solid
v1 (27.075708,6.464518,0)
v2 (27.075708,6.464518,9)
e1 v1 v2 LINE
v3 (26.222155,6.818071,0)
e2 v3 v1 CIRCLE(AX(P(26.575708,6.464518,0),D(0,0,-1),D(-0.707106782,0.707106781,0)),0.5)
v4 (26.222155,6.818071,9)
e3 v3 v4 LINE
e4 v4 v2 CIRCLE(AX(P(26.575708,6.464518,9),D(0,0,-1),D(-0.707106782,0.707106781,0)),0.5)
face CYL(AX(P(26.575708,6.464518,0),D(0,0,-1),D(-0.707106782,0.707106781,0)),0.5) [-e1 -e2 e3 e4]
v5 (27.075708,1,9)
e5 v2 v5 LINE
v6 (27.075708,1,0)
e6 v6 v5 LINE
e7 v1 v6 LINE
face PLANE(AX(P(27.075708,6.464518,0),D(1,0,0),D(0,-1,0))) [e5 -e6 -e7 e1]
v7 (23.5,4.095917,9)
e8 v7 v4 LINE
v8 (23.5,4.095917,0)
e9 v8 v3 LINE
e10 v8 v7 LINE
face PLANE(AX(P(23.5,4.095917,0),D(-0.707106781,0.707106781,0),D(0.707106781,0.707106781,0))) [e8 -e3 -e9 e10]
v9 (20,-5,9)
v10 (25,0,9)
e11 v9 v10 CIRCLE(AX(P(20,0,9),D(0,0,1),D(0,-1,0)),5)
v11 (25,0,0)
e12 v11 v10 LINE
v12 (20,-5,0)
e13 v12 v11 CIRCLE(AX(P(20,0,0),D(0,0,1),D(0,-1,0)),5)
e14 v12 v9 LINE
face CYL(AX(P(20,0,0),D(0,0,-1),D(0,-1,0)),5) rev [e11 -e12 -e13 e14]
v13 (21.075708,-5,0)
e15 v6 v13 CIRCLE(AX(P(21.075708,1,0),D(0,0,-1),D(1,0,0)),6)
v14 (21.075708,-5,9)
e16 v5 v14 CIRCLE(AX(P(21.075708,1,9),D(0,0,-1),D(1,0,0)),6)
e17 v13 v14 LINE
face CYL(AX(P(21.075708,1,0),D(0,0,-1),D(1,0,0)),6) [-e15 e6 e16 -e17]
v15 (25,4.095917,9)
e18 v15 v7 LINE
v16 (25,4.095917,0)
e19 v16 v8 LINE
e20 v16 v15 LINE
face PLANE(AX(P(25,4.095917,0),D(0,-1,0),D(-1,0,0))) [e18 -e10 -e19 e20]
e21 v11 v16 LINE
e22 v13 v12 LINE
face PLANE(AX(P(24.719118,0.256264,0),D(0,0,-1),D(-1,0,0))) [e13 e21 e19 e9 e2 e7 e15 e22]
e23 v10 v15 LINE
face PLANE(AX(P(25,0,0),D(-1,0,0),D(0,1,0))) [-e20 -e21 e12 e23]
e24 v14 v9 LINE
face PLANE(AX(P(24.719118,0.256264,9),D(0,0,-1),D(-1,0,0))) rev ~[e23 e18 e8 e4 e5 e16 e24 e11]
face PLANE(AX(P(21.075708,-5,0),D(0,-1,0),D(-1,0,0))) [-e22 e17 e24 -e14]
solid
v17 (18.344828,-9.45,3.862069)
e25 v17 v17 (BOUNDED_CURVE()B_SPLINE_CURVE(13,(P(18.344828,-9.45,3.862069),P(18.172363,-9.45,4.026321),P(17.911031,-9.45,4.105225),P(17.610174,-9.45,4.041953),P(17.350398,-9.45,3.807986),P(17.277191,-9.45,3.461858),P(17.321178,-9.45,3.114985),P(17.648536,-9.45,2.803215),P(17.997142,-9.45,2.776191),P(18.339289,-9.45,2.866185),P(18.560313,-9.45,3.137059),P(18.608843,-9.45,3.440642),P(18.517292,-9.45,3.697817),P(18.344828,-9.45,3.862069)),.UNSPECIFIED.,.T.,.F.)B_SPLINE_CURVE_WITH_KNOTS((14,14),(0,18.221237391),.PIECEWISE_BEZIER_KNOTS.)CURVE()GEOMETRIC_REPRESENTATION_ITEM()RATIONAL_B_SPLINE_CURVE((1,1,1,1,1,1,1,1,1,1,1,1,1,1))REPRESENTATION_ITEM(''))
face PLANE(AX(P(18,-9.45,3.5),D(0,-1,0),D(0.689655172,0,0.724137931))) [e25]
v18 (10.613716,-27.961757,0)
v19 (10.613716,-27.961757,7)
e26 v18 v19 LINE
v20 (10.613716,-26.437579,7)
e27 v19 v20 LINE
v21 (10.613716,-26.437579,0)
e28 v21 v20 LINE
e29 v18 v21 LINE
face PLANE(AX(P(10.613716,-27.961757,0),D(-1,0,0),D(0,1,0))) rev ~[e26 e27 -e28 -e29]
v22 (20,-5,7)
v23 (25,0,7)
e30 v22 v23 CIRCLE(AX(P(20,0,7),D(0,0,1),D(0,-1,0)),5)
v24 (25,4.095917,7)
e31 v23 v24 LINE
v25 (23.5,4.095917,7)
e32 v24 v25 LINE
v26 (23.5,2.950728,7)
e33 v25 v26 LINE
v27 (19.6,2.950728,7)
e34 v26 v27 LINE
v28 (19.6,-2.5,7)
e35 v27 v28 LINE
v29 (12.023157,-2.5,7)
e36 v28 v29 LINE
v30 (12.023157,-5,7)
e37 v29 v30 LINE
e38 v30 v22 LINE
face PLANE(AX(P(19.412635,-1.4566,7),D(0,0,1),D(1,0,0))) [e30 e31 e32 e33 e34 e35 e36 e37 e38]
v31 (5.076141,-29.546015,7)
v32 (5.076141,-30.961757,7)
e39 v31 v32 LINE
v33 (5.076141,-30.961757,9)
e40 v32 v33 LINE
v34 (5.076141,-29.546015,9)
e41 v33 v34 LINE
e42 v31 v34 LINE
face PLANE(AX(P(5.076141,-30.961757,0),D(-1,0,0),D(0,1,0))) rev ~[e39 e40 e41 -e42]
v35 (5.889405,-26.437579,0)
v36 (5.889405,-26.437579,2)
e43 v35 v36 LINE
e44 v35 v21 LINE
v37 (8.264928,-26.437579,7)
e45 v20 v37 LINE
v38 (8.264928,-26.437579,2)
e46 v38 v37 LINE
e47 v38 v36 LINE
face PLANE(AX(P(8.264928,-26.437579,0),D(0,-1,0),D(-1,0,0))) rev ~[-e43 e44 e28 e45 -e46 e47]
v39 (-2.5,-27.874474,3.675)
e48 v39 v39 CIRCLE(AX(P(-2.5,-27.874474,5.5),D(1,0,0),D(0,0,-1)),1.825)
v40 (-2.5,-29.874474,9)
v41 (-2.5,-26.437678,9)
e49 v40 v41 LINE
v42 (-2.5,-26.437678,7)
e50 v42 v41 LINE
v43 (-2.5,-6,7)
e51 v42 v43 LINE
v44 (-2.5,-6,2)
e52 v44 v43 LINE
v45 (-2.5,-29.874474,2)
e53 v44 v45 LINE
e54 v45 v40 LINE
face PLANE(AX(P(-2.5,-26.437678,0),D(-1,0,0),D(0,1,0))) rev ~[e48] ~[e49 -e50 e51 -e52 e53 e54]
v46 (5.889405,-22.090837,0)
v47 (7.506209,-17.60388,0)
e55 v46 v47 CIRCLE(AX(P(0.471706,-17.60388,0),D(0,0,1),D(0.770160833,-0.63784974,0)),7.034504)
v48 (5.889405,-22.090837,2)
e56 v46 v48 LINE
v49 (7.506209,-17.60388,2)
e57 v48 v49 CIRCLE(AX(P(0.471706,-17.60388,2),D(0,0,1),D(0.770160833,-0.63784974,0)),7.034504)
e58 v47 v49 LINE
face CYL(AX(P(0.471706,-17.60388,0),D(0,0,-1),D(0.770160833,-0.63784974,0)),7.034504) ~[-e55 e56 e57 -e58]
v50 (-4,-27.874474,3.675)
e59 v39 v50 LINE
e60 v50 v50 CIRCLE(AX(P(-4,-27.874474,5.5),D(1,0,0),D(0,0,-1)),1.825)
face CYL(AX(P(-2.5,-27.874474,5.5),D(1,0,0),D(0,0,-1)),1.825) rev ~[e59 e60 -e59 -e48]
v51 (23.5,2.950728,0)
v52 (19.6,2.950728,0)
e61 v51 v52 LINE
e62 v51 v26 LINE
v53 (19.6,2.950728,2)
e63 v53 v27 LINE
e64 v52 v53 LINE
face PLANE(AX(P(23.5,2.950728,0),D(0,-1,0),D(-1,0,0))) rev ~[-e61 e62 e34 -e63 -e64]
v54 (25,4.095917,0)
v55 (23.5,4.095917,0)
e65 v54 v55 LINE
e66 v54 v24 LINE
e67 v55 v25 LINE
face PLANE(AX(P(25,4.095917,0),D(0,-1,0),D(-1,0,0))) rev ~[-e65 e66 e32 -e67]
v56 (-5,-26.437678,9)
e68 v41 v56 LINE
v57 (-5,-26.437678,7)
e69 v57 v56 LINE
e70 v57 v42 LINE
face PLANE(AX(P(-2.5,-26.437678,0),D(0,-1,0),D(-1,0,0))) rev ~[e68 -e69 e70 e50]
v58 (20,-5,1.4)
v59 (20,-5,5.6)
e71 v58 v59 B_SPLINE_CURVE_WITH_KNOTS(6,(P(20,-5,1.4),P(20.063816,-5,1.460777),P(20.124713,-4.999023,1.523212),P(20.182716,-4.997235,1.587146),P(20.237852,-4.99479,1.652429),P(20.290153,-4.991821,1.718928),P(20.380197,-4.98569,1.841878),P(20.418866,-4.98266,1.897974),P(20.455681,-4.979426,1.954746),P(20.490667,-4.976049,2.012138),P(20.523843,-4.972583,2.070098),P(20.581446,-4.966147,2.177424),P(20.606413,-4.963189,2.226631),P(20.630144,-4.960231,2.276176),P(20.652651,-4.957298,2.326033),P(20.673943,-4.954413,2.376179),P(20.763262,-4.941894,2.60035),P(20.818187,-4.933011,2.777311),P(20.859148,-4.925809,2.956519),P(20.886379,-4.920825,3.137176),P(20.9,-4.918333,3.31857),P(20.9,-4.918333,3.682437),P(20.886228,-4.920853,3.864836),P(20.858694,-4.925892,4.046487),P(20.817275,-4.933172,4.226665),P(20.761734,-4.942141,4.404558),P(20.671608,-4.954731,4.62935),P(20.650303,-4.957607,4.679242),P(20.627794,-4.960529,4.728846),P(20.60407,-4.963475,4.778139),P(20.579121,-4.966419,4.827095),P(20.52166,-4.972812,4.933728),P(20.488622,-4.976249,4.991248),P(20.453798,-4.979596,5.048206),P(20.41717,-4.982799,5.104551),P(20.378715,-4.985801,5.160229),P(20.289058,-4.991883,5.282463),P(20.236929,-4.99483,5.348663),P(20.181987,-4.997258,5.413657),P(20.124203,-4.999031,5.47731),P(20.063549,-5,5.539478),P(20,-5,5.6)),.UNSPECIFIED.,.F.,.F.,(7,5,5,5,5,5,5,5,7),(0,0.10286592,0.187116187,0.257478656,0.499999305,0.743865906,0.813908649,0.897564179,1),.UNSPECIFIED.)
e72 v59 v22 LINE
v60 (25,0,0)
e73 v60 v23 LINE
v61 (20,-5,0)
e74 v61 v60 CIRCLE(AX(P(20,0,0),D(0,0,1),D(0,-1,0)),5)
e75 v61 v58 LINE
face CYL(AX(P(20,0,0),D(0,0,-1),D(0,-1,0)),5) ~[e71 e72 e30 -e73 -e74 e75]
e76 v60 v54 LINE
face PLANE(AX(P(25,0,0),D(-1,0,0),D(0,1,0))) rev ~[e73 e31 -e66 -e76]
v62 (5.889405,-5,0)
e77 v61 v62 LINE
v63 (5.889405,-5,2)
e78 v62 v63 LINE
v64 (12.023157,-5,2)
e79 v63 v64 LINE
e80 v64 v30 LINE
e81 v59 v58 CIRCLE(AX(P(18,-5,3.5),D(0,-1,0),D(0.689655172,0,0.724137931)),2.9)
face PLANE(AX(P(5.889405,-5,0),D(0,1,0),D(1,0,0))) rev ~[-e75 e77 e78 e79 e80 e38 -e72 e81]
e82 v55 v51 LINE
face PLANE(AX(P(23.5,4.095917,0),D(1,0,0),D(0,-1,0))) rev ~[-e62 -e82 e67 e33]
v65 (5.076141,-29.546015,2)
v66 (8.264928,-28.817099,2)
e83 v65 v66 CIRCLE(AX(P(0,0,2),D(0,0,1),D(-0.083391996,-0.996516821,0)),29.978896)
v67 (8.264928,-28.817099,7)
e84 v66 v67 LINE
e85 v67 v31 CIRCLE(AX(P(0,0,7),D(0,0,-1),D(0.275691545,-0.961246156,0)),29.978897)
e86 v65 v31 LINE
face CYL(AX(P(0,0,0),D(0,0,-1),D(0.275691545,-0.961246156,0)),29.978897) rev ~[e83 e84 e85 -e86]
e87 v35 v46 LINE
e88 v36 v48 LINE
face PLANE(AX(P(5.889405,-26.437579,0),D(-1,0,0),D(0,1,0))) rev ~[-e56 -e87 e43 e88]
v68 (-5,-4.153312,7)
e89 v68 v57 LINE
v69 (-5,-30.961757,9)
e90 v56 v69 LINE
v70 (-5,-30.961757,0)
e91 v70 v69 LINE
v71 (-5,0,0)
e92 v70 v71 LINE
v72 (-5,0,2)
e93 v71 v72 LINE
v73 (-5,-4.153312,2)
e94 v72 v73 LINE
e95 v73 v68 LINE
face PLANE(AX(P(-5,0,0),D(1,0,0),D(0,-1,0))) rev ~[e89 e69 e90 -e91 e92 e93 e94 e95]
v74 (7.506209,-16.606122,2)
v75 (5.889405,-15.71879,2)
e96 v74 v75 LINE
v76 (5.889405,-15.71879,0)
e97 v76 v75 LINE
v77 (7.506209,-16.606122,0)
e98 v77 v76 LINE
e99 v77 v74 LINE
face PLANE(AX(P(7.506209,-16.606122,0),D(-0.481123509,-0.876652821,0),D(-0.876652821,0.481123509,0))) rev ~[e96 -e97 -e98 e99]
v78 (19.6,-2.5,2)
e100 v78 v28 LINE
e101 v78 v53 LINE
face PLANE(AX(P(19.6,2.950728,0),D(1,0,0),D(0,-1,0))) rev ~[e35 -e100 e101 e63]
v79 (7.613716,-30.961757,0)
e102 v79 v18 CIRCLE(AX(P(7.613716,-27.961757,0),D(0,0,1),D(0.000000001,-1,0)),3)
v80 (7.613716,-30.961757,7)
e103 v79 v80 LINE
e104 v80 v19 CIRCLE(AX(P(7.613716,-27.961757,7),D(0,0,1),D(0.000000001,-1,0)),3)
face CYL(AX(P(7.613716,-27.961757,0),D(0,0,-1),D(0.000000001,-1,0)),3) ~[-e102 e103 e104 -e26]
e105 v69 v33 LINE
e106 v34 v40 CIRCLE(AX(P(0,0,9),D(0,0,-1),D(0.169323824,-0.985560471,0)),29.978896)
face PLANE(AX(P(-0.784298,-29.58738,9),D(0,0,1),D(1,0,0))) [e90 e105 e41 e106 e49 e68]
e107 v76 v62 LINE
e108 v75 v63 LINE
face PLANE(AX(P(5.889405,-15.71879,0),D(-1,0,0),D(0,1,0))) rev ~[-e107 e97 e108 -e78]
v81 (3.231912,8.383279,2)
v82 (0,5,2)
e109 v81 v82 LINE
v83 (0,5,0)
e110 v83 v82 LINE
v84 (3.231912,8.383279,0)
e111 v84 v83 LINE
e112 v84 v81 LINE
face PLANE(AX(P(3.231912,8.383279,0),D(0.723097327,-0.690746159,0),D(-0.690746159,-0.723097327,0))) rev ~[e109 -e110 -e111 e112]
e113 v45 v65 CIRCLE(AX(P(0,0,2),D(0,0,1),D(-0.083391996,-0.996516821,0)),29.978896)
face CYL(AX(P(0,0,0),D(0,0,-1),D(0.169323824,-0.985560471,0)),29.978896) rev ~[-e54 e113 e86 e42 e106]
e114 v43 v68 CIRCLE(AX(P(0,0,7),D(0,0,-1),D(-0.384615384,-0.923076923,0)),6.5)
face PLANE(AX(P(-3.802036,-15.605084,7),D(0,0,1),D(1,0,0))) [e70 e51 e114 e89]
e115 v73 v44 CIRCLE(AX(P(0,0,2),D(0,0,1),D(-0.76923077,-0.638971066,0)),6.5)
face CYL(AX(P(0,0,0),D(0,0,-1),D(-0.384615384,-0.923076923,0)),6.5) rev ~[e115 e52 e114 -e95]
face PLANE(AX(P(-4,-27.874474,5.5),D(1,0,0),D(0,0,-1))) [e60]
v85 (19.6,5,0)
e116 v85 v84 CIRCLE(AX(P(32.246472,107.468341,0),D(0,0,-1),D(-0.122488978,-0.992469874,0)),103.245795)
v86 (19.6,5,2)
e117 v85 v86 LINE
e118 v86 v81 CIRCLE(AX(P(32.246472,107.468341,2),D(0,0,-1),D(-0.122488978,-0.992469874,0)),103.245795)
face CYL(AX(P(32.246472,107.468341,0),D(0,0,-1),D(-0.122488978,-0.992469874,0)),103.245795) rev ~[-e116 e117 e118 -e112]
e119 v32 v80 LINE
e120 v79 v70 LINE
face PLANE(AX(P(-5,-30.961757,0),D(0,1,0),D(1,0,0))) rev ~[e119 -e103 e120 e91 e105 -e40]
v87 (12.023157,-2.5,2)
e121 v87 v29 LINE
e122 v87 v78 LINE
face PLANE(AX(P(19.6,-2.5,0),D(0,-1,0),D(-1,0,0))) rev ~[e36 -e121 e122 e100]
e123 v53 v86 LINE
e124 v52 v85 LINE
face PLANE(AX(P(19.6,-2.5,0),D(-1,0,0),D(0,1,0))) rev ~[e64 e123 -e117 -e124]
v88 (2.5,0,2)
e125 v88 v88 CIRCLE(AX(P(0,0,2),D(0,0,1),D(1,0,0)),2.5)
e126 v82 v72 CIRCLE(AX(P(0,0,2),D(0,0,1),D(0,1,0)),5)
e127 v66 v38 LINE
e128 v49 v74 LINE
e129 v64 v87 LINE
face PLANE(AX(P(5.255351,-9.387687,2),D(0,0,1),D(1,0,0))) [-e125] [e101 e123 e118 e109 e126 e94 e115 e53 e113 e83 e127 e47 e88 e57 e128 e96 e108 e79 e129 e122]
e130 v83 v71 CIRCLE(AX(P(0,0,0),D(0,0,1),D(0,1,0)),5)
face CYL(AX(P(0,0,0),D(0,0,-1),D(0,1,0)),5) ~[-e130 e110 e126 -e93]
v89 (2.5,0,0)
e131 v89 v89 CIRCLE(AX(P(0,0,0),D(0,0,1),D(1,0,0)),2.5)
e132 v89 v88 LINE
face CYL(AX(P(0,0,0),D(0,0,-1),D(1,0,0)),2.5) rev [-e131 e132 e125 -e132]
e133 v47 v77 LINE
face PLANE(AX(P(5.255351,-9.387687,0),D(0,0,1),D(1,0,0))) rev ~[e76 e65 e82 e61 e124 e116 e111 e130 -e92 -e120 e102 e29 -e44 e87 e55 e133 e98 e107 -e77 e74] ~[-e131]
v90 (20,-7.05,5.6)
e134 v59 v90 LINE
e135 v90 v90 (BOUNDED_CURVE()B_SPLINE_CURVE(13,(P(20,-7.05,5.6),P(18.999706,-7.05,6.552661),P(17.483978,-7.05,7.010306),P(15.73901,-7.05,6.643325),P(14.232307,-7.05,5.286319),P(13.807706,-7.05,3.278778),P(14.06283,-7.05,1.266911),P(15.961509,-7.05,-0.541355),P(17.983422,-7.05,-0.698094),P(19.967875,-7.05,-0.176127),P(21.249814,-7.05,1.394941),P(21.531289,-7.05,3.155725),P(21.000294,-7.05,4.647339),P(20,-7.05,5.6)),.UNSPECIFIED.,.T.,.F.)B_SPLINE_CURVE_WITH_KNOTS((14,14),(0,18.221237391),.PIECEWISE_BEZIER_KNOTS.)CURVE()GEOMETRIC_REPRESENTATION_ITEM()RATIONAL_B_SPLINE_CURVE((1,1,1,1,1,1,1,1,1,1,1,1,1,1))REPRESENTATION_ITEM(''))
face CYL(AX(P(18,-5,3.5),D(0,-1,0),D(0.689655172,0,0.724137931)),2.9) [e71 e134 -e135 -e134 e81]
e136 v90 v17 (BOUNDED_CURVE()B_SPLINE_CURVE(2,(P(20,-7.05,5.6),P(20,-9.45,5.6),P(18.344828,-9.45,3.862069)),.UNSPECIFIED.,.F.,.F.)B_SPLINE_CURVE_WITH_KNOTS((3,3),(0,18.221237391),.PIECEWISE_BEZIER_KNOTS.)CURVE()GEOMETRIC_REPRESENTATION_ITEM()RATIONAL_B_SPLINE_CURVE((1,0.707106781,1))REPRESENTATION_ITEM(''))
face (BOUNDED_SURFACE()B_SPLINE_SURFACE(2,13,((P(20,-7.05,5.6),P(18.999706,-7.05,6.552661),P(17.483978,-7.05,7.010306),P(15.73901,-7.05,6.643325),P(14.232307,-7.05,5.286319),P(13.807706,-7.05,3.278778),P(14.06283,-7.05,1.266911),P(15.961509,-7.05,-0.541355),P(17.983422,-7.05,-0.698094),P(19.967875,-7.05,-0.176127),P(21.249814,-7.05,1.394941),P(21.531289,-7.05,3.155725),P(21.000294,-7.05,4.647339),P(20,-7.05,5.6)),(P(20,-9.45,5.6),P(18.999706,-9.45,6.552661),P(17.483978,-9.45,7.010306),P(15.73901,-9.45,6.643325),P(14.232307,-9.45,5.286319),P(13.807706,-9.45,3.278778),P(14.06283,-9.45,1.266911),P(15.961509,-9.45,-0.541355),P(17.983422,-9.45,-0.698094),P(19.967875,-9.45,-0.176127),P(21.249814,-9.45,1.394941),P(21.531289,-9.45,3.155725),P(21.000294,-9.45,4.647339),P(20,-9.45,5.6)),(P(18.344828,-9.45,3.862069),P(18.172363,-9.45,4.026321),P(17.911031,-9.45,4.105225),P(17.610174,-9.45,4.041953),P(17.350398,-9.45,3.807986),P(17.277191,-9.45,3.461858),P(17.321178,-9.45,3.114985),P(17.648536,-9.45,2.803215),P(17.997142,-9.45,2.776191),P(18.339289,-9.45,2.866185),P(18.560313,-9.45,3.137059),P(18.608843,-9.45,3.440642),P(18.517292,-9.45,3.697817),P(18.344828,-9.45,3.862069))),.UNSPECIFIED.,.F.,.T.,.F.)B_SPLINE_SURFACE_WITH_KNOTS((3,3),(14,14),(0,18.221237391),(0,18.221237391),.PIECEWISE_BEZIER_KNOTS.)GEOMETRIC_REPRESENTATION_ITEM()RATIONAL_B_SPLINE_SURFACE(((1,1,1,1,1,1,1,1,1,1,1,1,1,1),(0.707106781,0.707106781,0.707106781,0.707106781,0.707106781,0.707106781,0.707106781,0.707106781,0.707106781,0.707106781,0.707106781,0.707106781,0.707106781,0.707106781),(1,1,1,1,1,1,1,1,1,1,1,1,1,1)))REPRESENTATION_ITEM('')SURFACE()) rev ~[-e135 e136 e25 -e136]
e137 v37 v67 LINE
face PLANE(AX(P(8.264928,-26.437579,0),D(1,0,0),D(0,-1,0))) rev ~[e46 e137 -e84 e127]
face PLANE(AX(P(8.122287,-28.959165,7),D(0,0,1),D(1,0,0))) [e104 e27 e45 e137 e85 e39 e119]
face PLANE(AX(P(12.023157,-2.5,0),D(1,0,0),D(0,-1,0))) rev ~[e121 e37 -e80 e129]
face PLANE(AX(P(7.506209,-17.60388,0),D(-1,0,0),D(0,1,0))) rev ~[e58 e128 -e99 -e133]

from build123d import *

# Parameters (mm, degrees)
EXTRUDE_3_DEPTH     = 9
EXTRUDE_3_2_DEPTH   = 9
EXTRUDE_4_DEPTH     = 7
SKETCH_1_8_R        = 2.5
EXTRUDE_5_DEPTH     = 2
SKETCH_2_R          = 2.9
EXTRUDE_6_DEPTH     = 2.45
SKETCH_4_R          = 2.9
EXTRUDE_7_DEPTH     = 2
FILLET_2_R          = 2.4
SKETCH_5_R          = 1.825
CUT_EXTRUDE_1_DEPTH = 1.5


with BuildPart() as part:
    # 스케치1 → 보스-돌출3 (new body)
    with BuildSketch(Plane.XY):
        with BuildLine():
            Line((-2.5, -26.437677825), (-5, -26.437677825))
            Line((-5, -26.437677825), (-5, -30.96175738))
            Line((-5, -30.96175738), (5.076141326, -30.96175738))
            Line((5.076141326, -30.96175738), (5.076141326, -29.54601506))
            ThreePointArc((5.076141326, -29.54601506), (1.298498135, -29.950761581), (-2.5, -29.874474333))
            Line((-2.5, -29.874474333), (-2.5, -26.437677825))
        make_face()
    extrude(amount=EXTRUDE_3_DEPTH)

    # 스케치1<7> → 보스-돌출4 (add)
    with BuildSketch(Plane.XY):
        with BuildLine():
            Line((23.5, 2.950728465), (19.6, 2.950728465))
            Line((19.6, 2.950728465), (19.6, -2.5))
            Line((19.6, -2.5), (12.023157318, -2.5))
            Line((12.023157318, -2.5), (12.023157318, -5))
            Line((12.023157318, -5), (20, -5))
            ThreePointArc((20, -5), (23.535533906, -3.535533906), (25, 0))
            Line((25, 0), (25, 4.09591659))
            Line((25, 4.09591659), (23.5, 4.09591659))
            Line((23.5, 4.09591659), (23.5, 2.950728465))
        make_face()
        with BuildLine():
            ThreePointArc((-2.5, -6), (-3.862002616, -5.228282299), (-5, -4.153311931))
            Line((-5, -4.153311931), (-5, -26.437677825))
            Line((-5, -26.437677825), (-2.5, -26.437677825))
            Line((-2.5, -26.437677825), (-2.5, -6))
        make_face()
        with BuildLine():
            Line((5.076141326, -29.54601506), (5.076141326, -30.96175738))
            Line((5.076141326, -30.96175738), (7.613716386, -30.96175738))
            ThreePointArc((7.613716386, -30.96175738), (9.735036729, -30.083077723), (10.613716386, -27.96175738))
            Line((10.613716386, -27.96175738), (10.613716386, -26.437579436))
            Line((10.613716386, -26.437579436), (8.264928228, -26.437579436))
            Line((8.264928228, -26.437579436), (8.264928228, -28.81709871))
            ThreePointArc((8.264928228, -28.81709871), (6.680483813, -29.225080884), (5.076141326, -29.54601506))
        make_face()
    extrude(amount=EXTRUDE_4_DEPTH)


with BuildPart() as body_2:
    # 스케치1 → Extrude 3 2 (new body)
    with BuildSketch(Plane.XY):
        with BuildLine():
            Line((26.22215467, 6.81807126), (23.5, 4.09591659))
            Line((23.5, 4.09591659), (25, 4.09591659))
            Line((25, 4.09591659), (25, 0))
            ThreePointArc((25, 0), (23.535533906, -3.535533906), (20, -5))
            Line((20, -5), (21.075708061, -5))
            ThreePointArc((21.075708061, -5), (25.318348748, -3.242640687), (27.075708061, 1))
            Line((27.075708061, 1), (27.075708061, 6.46451787))
            ThreePointArc((27.075708061, 6.46451787), (26.767049777, 6.926457636), (26.22215467, 6.81807126))
        make_face()
    extrude(amount=EXTRUDE_3_2_DEPTH)


with BuildPart() as extrude_4_piece_1:
    # of the separate pieces the step leaves, piece 1, a body of its own (extrude_4_pieces)
    add(part.part.solids().sort_by_distance((-2.5, -29.874474333, 0))[0])



with BuildPart() as extrude_4_piece_2:
    # of the separate pieces the step leaves, piece 2, a body of its own (extrude_4_pieces)
    add(part.part.solids().sort_by_distance((23.5, 2.950728465, 0))[0])


with BuildPart() as extrude_4_piece_1_1:
    add(extrude_4_piece_1.part)

    add(extrude_4_piece_2.part)  # 보스-돌출5 merges 보스-돌출4 piece 2
    # 스케치1<8> → 보스-돌출5 (add)
    with BuildSketch(Plane.XY):
        with BuildLine():
            Line((3.231912185, 8.38327913), (0, 5))
            ThreePointArc((0, 5), (-3.535533906, 3.535533906), (-5, 0))
            Line((-5, 0), (-5, -4.153311931))
            ThreePointArc((-5, -4.153311931), (-3.862002616, -5.228282299), (-2.5, -6))
            Line((-2.5, -6), (-2.5, -29.874474333))
            ThreePointArc((-2.5, -29.874474333), (2.93054776, -29.83531643), (8.264928228, -28.81709871))
            Line((8.264928228, -28.81709871), (8.264928228, -26.437579436))
            Line((8.264928228, -26.437579436), (5.889404941, -26.437579436))
            Line((5.889404941, -26.437579436), (5.889404941, -22.090836604))
            ThreePointArc((5.889404941, -22.090836604), (7.089676261, -19.98856225), (7.506209453, -17.603880133))
            Line((7.506209453, -17.603880133), (7.506209453, -16.606122356))
            Line((7.506209453, -16.606122356), (5.889404941, -15.718789718))
            Line((5.889404941, -15.718789718), (5.889404941, -5))
            Line((5.889404941, -5), (12.023157318, -5))
            Line((12.023157318, -5), (12.023157318, -2.5))
            Line((12.023157318, -2.5), (19.6, -2.5))
            Line((19.6, -2.5), (19.6, 5))
            ThreePointArc((19.6, 5), (11.347380216, 6.359873864), (3.231912185, 8.38327913))
        make_face()
        Circle(SKETCH_1_8_R, mode=Mode.SUBTRACT)
    extrude(amount=EXTRUDE_5_DEPTH)

    # 스케치2 → 보스-돌출6 (add, symmetric)
    with BuildSketch(Plane.XZ.offset(5)):
        with Locations((18, 3.5)):
            Circle(SKETCH_2_R)
    extrude(amount=EXTRUDE_6_DEPTH, both=True)

    # 스케치4 → 보스-돌출7 (add)
    with BuildSketch(Plane.XZ.offset(7.45)):
        with Locations((18, 3.5)):
            Circle(SKETCH_4_R)
    extrude(amount=EXTRUDE_7_DEPTH)

    # 필렛2
    fillet_2_edges = [extrude_4_piece_1_1.edges().sort_by_distance(p)[0] for p in [
        (15.1, -9.45, 3.5),
    ]]
    fillet(fillet_2_edges, radius=FILLET_2_R)

    # 스케치5 → 컷-돌출1 (cut)
    with BuildSketch(Plane(origin=(-2.5, 0, 0), x_dir=(0, 0, -1), z_dir=(1, 0, 0))):
        with Locations((-5.5, -27.874474333)):
            Circle(SKETCH_5_R)
    extrude(amount=-CUT_EXTRUDE_1_DEPTH, mode=Mode.SUBTRACT)


solid = Compound([body_2.part, extrude_4_piece_1_1.part])
